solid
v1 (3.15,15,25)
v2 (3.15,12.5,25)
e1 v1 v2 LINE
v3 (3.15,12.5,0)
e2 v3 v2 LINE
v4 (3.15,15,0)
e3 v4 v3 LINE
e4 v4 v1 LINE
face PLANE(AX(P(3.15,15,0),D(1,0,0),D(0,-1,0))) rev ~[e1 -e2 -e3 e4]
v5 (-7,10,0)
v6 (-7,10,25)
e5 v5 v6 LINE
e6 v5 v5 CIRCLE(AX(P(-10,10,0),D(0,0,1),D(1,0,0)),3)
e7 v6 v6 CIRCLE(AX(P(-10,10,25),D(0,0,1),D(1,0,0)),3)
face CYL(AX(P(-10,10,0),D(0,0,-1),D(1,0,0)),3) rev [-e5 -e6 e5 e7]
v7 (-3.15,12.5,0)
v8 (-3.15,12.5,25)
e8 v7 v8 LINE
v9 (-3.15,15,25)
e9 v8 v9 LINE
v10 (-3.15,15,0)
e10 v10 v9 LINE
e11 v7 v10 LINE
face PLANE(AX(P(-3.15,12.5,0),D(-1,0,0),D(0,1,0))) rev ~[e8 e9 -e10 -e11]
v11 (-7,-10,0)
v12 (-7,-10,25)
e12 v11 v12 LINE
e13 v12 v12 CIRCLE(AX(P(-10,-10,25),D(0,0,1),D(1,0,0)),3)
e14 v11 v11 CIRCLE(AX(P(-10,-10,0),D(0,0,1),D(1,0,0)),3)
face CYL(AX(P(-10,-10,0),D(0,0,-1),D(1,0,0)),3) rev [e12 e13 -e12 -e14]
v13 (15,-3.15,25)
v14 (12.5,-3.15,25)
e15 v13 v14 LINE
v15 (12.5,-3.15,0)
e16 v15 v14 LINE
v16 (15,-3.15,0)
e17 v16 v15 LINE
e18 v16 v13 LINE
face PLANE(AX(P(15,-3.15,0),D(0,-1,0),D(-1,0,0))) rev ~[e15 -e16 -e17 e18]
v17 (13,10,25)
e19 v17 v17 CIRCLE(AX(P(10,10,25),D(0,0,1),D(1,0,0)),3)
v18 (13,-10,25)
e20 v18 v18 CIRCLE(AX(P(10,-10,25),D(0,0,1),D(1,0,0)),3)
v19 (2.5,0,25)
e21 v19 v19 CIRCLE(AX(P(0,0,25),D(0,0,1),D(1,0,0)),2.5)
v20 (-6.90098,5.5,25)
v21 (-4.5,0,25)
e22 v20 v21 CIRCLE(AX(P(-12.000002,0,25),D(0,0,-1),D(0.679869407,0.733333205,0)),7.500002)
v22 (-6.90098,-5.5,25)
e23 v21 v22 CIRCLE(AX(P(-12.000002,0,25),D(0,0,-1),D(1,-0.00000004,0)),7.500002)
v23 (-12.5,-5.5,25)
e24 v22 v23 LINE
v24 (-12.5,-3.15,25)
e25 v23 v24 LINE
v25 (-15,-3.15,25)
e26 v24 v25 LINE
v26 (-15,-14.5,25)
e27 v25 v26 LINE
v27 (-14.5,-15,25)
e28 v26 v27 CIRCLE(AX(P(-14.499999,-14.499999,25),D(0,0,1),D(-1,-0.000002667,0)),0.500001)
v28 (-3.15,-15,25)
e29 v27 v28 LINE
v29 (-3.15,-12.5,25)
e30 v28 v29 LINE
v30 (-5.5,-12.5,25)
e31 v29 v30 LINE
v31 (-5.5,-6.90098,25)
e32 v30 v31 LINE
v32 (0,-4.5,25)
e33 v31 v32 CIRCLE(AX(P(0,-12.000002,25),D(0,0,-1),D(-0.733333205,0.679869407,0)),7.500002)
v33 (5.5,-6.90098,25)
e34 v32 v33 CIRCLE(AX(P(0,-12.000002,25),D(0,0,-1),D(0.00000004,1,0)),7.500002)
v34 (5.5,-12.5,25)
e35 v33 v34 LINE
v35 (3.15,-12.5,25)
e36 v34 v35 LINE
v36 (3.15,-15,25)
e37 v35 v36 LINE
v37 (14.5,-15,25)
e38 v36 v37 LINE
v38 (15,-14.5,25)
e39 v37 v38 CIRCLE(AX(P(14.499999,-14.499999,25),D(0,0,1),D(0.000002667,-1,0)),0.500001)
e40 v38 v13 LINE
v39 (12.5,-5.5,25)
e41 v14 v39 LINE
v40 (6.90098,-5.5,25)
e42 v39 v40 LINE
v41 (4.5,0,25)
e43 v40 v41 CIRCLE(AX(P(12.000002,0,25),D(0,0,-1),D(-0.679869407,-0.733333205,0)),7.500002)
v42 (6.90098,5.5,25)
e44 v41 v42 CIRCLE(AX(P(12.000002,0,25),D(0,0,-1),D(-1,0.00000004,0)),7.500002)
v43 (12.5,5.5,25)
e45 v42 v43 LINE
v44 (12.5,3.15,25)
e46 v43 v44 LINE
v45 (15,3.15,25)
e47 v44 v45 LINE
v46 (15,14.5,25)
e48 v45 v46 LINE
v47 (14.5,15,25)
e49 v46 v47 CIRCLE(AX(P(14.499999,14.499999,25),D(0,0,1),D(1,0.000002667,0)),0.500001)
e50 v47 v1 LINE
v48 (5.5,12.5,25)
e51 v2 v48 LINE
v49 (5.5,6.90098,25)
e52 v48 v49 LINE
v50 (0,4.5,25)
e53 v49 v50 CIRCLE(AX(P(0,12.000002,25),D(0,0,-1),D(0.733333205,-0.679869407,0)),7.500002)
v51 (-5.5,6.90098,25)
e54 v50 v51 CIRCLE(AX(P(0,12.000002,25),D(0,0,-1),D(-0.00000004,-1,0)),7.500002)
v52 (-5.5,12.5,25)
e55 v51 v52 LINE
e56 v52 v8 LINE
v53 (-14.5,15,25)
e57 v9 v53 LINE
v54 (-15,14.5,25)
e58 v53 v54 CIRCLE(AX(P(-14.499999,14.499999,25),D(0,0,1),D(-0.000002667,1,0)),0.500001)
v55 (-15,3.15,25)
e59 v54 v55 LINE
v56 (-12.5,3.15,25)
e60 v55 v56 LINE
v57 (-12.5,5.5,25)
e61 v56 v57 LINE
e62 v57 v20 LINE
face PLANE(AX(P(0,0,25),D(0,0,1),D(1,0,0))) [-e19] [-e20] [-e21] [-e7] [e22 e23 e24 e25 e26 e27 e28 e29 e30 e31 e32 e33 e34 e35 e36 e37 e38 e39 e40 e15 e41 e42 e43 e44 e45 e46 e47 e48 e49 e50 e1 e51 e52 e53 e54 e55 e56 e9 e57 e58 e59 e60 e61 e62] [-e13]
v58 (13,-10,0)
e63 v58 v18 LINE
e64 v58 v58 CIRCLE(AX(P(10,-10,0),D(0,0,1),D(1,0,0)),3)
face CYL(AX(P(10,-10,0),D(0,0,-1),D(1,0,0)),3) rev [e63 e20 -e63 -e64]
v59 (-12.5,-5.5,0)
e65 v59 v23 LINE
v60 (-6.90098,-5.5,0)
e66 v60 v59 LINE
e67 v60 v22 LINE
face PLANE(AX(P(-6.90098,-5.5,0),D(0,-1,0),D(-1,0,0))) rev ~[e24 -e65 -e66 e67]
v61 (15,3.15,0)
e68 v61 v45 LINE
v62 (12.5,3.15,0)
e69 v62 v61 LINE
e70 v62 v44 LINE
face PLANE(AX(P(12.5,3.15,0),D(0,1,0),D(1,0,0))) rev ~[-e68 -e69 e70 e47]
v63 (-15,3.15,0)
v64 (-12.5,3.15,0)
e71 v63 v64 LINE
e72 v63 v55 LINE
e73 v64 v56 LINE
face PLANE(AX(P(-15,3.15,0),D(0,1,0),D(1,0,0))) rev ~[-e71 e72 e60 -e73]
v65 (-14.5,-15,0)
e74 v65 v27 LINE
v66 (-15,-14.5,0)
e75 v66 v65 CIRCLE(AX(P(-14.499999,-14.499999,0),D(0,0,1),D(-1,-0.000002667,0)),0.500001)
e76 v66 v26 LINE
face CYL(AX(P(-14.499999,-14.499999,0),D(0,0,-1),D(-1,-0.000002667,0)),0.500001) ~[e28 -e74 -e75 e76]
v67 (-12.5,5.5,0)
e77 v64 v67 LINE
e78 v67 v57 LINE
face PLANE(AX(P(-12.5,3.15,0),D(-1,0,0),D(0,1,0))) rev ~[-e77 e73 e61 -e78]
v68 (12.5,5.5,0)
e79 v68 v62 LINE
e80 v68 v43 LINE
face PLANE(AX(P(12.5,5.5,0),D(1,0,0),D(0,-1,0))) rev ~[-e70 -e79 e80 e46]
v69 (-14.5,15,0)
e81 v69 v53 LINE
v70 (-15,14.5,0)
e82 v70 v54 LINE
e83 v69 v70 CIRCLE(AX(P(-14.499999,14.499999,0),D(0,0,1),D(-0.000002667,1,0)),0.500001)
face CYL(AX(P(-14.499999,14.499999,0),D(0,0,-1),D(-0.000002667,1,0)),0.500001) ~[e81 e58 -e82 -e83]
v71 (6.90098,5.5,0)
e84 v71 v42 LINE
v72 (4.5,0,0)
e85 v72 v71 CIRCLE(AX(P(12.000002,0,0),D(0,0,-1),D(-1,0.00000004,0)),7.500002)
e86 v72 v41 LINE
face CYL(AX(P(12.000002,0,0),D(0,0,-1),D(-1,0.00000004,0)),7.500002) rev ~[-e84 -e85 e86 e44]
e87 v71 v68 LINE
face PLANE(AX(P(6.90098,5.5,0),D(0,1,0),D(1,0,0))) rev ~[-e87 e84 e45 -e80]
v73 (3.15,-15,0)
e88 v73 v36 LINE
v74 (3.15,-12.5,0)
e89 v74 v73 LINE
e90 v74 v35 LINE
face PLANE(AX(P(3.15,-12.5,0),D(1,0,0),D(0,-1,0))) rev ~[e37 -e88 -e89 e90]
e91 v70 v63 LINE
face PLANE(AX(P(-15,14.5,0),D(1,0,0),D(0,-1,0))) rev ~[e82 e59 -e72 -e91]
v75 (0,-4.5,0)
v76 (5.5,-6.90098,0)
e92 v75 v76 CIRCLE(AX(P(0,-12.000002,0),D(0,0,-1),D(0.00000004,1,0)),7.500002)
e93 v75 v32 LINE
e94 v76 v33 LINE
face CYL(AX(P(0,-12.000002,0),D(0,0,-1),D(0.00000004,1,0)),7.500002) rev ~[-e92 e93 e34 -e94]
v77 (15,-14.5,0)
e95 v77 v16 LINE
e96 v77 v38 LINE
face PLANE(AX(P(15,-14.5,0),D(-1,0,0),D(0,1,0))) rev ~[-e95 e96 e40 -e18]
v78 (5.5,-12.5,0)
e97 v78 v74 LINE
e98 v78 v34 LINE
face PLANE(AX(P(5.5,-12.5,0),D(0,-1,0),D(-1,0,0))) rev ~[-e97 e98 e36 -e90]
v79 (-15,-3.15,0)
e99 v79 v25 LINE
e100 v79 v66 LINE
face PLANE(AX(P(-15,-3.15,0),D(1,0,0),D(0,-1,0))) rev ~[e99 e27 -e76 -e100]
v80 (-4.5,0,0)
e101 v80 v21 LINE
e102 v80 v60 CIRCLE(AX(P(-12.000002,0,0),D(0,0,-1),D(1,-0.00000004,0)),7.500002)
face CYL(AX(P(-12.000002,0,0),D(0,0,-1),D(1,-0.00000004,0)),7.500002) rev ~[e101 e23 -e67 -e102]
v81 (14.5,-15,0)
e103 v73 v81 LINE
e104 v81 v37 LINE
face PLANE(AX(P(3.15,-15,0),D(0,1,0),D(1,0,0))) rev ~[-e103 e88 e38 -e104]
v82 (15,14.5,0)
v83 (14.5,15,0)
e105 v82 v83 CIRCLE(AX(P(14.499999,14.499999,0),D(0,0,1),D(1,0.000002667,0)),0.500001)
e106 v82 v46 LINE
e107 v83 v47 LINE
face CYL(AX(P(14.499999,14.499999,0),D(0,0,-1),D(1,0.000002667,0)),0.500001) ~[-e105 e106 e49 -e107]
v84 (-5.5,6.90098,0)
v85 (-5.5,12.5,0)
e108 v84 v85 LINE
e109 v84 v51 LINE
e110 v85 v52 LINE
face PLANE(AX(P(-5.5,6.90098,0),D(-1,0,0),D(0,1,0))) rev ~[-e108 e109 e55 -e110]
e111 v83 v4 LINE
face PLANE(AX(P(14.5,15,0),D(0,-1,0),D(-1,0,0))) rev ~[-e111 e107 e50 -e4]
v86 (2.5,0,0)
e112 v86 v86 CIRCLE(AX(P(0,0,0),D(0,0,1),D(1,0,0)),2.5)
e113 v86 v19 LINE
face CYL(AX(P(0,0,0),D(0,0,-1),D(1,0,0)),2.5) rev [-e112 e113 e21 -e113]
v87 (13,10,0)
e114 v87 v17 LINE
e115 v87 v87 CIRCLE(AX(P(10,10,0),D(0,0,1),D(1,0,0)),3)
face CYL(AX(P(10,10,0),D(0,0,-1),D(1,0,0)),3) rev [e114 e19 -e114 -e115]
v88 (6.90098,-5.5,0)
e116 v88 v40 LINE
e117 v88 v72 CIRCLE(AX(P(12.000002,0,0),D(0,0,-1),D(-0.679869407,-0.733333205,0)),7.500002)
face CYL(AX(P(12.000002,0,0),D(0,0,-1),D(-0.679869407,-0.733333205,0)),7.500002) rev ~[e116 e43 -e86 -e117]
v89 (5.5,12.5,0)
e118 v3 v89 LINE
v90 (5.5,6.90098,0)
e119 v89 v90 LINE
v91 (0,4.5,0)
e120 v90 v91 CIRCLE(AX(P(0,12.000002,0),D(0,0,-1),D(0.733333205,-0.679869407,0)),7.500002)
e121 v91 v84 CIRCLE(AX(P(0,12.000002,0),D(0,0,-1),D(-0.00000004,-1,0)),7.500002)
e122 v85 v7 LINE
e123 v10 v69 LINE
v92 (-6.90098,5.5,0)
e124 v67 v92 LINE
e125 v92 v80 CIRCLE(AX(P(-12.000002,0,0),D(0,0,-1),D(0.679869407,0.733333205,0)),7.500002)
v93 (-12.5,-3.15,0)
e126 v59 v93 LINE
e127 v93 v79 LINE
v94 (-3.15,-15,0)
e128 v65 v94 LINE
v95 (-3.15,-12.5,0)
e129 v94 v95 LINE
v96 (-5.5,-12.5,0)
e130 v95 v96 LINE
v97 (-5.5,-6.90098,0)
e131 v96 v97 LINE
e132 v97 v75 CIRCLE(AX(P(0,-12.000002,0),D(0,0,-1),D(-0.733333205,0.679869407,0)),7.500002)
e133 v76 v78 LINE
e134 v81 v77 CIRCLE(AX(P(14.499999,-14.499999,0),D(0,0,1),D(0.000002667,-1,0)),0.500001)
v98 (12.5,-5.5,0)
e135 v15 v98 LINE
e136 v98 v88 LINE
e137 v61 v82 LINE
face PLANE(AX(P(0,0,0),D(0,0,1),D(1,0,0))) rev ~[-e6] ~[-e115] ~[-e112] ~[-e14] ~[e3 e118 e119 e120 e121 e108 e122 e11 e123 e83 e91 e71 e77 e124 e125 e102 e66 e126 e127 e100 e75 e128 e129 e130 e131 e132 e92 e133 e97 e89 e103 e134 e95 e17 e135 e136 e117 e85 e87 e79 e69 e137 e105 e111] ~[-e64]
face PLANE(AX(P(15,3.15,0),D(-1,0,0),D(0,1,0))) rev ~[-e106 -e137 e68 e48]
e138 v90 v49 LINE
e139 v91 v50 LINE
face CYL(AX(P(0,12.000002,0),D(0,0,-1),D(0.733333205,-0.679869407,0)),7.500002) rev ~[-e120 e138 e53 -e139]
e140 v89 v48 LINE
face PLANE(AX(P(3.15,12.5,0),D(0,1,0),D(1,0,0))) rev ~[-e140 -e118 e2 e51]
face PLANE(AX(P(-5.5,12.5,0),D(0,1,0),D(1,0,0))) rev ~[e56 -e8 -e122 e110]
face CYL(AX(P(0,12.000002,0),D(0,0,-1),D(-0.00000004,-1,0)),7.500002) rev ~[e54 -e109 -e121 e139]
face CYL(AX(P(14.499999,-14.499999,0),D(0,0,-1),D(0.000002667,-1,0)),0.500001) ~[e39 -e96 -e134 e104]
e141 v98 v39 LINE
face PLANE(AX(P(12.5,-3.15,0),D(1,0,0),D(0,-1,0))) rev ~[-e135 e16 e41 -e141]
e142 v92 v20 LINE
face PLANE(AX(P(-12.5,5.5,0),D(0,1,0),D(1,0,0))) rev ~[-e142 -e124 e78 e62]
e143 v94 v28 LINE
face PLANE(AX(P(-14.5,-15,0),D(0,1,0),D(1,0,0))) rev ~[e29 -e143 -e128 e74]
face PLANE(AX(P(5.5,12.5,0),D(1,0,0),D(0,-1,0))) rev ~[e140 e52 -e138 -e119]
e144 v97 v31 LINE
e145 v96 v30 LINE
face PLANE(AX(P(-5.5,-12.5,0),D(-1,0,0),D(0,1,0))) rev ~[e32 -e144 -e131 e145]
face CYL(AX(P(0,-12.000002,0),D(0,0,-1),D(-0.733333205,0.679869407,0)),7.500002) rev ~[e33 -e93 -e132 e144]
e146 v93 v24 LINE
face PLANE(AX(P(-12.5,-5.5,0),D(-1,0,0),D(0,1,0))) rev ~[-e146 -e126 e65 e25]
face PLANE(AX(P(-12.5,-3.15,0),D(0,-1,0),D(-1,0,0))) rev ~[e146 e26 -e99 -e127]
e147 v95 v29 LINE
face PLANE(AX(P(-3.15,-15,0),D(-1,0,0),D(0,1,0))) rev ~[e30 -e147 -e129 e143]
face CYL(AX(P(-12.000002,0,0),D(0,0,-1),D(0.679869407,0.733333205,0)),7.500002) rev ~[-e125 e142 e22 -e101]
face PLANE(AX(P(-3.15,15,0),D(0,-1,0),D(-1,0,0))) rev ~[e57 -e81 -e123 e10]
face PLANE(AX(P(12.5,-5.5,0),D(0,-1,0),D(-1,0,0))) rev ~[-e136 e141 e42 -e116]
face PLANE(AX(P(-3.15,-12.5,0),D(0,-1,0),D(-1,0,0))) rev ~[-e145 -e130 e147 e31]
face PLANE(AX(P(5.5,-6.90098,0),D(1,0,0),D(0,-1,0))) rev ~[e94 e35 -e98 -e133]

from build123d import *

# Parameters (mm, degrees)
F0_R     = 3
F0_R_2   = 2.5
F1_DEPTH = 25


with BuildPart() as f1:
    # F0 (on Top) → F1 (new body)
    with BuildSketch(Plane.XY):
        with BuildLine():
            ThreePointArc((-14.5, 15), (-14.853553, 14.853553), (-15, 14.5))
            Line((-15, 14.5), (-15, 3.15))
            Line((-15, 3.15), (-12.5, 3.15))
            Line((-12.5, 3.15), (-12.5, 5.5))
            Line((-12.5, 5.5), (-6.90098, 5.5))
            ThreePointArc((-6.90098, 5.5), (-5.126404, 3.000613), (-4.5, 0))
            ThreePointArc((-4.5, 0), (-5.126404, -3.000613), (-6.90098, -5.5))
            Line((-6.90098, -5.5), (-12.5, -5.5))
            Line((-12.5, -5.5), (-12.5, -3.15))
            Line((-12.5, -3.15), (-15, -3.15))
            Line((-15, -3.15), (-15, -14.5))
            ThreePointArc((-15, -14.5), (-14.853553, -14.853553), (-14.5, -15))
            Line((-14.5, -15), (-3.15, -15))
            Line((-3.15, -15), (-3.15, -12.5))
            Line((-3.15, -12.5), (-5.5, -12.5))
            Line((-5.5, -12.5), (-5.5, -6.90098))
            ThreePointArc((-5.5, -6.90098), (-3.000613, -5.126404), (0, -4.5))
            ThreePointArc((0, -4.5), (3.000613, -5.126404), (5.5, -6.90098))
            Line((5.5, -6.90098), (5.5, -12.5))
            Line((5.5, -12.5), (3.15, -12.5))
            Line((3.15, -12.5), (3.15, -15))
            Line((3.15, -15), (14.5, -15))
            ThreePointArc((14.5, -15), (14.853553, -14.853553), (15, -14.5))
            Line((15, -14.5), (15, -3.15))
            Line((15, -3.15), (12.5, -3.15))
            Line((12.5, -3.15), (12.5, -5.5))
            Line((12.5, -5.5), (6.90098, -5.5))
            ThreePointArc((6.90098, -5.5), (5.126404, -3.000613), (4.5, 0))
            ThreePointArc((4.5, 0), (5.126404, 3.000613), (6.90098, 5.5))
            Line((6.90098, 5.5), (12.5, 5.5))
            Line((12.5, 5.5), (12.5, 3.15))
            Line((12.5, 3.15), (15, 3.15))
            Line((15, 3.15), (15, 14.5))
            ThreePointArc((15, 14.5), (14.853553, 14.853553), (14.5, 15))
            Line((14.5, 15), (3.15, 15))
            Line((3.15, 15), (3.15, 12.5))
            Line((3.15, 12.5), (5.5, 12.5))
            Line((5.5, 12.5), (5.5, 6.90098))
            ThreePointArc((5.5, 6.90098), (3.000613, 5.126404), (0, 4.5))
            ThreePointArc((0, 4.5), (-3.000613, 5.126404), (-5.5, 6.90098))
            Line((-5.5, 6.90098), (-5.5, 12.5))
            Line((-5.5, 12.5), (-3.15, 12.5))
            Line((-3.15, 12.5), (-3.15, 15))
            Line((-3.15, 15), (-14.5, 15))
        make_face()
        with Locations((-10, -10)):
            Circle(F0_R, mode=Mode.SUBTRACT)
        with Locations((10, -10)):
            Circle(F0_R, mode=Mode.SUBTRACT)
        Circle(F0_R_2, mode=Mode.SUBTRACT)
        with Locations((-10, 10)):
            Circle(F0_R, mode=Mode.SUBTRACT)
        with Locations((10, 10)):
            Circle(F0_R, mode=Mode.SUBTRACT)
    extrude(amount=F1_DEPTH)


solid = f1.part
